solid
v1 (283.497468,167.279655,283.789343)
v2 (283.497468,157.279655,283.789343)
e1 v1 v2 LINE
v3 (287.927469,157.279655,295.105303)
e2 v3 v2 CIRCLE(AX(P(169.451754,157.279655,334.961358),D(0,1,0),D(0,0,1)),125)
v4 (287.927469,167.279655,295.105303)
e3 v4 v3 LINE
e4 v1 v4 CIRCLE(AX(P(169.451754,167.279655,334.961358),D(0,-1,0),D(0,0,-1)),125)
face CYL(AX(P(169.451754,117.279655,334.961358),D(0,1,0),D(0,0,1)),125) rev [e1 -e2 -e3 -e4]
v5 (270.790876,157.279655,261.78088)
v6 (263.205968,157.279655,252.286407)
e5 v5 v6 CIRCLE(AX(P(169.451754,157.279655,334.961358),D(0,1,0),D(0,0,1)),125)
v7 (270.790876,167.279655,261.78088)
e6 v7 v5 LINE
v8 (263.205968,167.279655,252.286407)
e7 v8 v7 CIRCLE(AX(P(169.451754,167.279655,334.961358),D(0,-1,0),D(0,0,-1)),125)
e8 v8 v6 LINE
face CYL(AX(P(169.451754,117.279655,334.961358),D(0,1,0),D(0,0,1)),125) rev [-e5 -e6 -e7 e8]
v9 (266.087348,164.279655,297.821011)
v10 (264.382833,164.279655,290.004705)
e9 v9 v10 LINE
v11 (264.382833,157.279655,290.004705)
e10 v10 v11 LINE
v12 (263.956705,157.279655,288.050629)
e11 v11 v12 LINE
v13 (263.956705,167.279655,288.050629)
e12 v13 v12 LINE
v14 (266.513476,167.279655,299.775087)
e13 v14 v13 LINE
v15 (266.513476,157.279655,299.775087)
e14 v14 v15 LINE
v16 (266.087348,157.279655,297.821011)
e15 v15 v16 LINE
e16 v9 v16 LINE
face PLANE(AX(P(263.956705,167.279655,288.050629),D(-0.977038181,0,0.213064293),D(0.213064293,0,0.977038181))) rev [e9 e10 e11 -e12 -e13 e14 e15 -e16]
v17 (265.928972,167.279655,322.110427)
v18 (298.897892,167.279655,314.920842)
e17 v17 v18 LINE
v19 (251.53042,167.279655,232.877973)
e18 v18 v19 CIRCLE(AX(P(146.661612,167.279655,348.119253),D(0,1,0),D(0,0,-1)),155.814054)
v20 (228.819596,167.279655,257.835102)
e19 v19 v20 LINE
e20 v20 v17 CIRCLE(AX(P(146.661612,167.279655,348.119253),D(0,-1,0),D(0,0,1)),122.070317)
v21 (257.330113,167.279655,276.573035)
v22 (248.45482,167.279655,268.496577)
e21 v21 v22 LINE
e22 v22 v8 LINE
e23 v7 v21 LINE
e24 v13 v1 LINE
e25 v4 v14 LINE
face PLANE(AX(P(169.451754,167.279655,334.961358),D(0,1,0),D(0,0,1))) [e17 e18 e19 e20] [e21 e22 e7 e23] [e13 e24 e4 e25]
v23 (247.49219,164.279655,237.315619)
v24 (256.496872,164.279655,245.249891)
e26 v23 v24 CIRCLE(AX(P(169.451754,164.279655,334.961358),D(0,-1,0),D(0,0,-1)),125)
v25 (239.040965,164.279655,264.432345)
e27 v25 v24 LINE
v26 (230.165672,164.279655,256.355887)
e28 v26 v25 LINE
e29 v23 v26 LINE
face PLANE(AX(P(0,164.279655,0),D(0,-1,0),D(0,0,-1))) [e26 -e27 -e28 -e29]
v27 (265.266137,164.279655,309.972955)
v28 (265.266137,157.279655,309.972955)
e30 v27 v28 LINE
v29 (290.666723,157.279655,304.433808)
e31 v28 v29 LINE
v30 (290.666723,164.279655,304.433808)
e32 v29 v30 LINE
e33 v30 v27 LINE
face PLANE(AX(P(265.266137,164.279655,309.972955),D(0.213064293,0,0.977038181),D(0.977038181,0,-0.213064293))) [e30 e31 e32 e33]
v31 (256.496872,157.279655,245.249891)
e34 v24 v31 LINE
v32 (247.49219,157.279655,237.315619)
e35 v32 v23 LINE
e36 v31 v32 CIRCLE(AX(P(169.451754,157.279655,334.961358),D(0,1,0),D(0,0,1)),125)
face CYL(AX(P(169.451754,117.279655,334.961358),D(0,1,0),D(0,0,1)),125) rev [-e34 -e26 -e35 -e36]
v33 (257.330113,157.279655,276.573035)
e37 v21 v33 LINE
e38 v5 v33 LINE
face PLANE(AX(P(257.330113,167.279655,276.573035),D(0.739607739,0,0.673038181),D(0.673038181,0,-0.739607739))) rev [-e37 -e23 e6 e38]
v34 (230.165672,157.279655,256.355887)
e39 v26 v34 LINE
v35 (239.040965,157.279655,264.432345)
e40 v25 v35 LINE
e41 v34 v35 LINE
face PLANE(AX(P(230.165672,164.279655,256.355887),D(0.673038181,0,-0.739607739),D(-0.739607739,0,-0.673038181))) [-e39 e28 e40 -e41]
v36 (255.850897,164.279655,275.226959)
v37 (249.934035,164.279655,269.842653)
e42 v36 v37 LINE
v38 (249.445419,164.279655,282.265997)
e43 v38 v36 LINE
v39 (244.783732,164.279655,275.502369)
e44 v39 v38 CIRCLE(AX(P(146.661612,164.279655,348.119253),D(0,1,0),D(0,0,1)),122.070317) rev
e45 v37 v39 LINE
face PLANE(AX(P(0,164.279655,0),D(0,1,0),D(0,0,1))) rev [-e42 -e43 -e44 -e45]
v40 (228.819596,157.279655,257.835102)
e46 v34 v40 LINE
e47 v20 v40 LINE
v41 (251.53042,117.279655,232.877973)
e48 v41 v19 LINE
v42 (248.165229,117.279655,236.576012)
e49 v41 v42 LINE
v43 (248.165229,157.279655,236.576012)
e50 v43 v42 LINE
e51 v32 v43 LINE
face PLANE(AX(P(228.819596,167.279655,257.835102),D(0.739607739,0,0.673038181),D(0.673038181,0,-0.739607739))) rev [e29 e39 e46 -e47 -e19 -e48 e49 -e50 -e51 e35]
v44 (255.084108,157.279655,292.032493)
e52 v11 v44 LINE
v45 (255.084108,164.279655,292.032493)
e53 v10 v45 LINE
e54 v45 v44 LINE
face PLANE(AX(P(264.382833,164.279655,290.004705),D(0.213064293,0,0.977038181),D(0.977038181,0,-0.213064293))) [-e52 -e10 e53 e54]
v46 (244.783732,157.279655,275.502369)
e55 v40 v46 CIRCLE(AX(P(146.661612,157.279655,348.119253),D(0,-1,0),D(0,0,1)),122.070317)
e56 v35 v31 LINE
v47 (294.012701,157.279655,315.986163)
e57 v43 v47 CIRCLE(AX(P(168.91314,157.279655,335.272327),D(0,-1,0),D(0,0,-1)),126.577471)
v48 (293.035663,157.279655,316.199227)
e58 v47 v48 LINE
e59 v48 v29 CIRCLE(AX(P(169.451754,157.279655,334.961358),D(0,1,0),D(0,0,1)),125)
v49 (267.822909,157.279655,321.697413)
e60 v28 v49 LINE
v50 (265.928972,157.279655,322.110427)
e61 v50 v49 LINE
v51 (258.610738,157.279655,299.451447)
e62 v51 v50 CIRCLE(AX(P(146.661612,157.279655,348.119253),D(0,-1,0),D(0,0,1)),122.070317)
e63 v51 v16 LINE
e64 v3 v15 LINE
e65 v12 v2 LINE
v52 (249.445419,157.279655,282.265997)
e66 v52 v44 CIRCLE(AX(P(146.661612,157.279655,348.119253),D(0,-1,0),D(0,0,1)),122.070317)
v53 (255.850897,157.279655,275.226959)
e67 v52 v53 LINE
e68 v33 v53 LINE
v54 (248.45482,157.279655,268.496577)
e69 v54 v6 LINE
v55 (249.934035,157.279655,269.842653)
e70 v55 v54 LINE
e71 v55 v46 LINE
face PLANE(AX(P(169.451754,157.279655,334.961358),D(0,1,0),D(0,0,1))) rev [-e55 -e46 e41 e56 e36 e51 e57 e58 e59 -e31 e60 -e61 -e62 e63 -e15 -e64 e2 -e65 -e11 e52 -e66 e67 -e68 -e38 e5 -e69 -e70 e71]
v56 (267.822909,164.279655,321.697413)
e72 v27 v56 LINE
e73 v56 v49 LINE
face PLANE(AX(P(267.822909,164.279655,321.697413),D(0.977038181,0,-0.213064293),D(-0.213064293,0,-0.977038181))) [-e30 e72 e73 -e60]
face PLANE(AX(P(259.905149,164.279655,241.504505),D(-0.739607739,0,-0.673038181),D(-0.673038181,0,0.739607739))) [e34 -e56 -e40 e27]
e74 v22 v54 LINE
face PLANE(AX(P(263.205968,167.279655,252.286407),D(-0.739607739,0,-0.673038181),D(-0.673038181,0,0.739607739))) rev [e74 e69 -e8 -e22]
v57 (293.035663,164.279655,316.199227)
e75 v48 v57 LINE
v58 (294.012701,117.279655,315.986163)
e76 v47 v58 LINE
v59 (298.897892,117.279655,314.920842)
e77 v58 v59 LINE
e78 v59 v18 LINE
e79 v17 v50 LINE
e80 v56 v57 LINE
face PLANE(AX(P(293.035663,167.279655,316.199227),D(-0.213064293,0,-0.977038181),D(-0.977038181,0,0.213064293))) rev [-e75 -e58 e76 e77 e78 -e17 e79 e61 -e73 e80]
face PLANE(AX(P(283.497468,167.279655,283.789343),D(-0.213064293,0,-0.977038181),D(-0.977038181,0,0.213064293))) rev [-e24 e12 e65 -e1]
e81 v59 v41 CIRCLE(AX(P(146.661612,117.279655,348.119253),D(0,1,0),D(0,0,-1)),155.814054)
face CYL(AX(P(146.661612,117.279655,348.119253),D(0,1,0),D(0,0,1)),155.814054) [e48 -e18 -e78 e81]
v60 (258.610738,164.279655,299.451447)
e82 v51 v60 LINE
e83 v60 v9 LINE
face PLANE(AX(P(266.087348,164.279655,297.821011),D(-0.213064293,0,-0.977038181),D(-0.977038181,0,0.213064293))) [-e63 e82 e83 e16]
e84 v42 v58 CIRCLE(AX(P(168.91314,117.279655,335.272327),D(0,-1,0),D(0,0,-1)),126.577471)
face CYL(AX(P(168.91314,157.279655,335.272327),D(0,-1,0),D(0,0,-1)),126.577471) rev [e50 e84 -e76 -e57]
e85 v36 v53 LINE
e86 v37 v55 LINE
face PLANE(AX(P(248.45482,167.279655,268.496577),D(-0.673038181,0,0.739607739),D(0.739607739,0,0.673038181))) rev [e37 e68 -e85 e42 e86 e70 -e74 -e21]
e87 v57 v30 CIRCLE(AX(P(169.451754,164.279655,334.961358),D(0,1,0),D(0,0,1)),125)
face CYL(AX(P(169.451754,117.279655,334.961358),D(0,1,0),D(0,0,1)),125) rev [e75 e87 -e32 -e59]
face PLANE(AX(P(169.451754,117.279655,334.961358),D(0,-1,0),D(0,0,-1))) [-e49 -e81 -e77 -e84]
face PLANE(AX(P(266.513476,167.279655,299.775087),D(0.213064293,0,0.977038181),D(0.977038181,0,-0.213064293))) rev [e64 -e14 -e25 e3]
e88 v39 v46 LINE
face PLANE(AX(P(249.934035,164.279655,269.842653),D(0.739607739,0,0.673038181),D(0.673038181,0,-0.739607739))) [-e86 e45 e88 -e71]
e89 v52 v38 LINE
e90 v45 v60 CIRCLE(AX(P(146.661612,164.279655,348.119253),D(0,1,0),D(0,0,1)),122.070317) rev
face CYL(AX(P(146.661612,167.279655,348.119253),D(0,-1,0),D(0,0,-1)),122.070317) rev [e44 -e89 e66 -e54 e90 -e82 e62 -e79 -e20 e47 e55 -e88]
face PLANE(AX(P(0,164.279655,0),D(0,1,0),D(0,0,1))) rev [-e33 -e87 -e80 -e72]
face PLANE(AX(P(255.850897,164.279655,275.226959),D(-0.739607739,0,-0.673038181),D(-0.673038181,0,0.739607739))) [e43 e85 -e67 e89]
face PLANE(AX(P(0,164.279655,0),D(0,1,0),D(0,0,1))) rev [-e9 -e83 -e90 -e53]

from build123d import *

# Parameters (mm, degrees)
BOSS_EXTRUDE1_DEPTH = 10
CUT_EXTRUDE1_DEPTH  = 7
BOSS_EXTRUDE2_START = -50
BOSS_EXTRUDE2_DEPTH = 50
CUT_EXTRUDE2_DEPTH  = 40
CUT_EXTRUDE3_DEPTH  = 7


with BuildPart() as part:
    # Sketch1 → Boss-Extrude1 (new body)
    with BuildSketch(Plane(origin=(0, 157.279655443, 0), x_dir=(1, 0, 0), z_dir=(0, 1, 0))):
        with BuildLine():
            Line((293.03566289, -316.199227389), (265.928972249, -322.110427169))
            ThreePointArc((265.928972249, -322.110427169), (252.377607393, -287.084094578), (228.819595995, -257.835102061))
            Line((228.819595995, -257.835102061), (247.492190492, -237.315619243))
            ThreePointArc((247.492190492, -237.315619243), (255.674613952, -244.45932236), (263.205967645, -252.286407351))
            Line((263.205967645, -252.286407351), (248.454819921, -268.496576877))
            Line((248.454819921, -268.496576877), (257.330112784, -276.573035048))
            Line((257.330112784, -276.573035048), (270.790876402, -261.780880276))
            ThreePointArc((270.790876402, -261.780880276), (277.704929826, -272.461358153), (283.49746828, -283.789342999))
            Line((283.49746828, -283.789342999), (263.956704662, -288.050628861))
            Line((263.956704662, -288.050628861), (266.513476179, -299.775087033))
            Line((266.513476179, -299.775087033), (287.92746865, -295.105303131))
            ThreePointArc((287.92746865, -295.105303131), (290.940246243, -305.54118925), (293.03566289, -316.199227389))
        make_face()
    extrude(amount=BOSS_EXTRUDE1_DEPTH)

    # Sketch2 → Cut-Extrude1 (cut)
    with BuildSketch(Plane(origin=(0, 157.279655443, 0), x_dir=(1, 0, 0), z_dir=(0, 1, 0))):
        Polygon((267.822908947, -321.697413337), (265.266137429, -309.972955165), (295.554321038, -303.367962079), (297.930502387, -315.13180184), align=None)
        Polygon((251.029855966, -233.428046687), (230.165672357, -256.355886583), (239.04096522, -264.432344755), (259.905148829, -241.504504858), align=None)
    extrude(amount=CUT_EXTRUDE1_DEPTH, mode=Mode.SUBTRACT)

    # Sketch3 → Boss-Extrude2 (add)
    with BuildSketch(Plane(origin=(0, 167.279655443, 0), x_dir=(1, 0, 0), z_dir=(0, 1, 0)).offset(BOSS_EXTRUDE2_START)):
        with BuildLine():
            Line((293.03566289, -316.199227389), (298.897891976, -314.920841631))
            ThreePointArc((298.897891976, -314.920841631), (281.600541129, -270.212225919), (251.530419577, -232.877972811))
            Line((251.530419577, -232.877972811), (247.492190492, -237.315619243))
            ThreePointArc((247.492190492, -237.315619243), (277.704929826, -272.461358153), (293.03566289, -316.199227389))
        make_face()
    extrude(amount=BOSS_EXTRUDE2_DEPTH)

    # Sketch4 → Cut-Extrude2 (cut)
    with BuildSketch(Plane.XZ.offset(-117.279655443)):
        with BuildLine():
            Line((293.03566289, 316.199227389), (294.012701071, 315.986163096))
            ThreePointArc((294.012701071, 315.986163096), (278.53244595, 271.983591496), (248.165228673, 236.576011504))
            Line((248.165228673, 236.576011504), (247.492190492, 237.315619243))
            ThreePointArc((247.492190492, 237.315619243), (277.704929826, 272.461358153), (293.03566289, 316.199227389))
        make_face()
    extrude(amount=-CUT_EXTRUDE2_DEPTH, mode=Mode.SUBTRACT)

    # Sketch5 → Cut-Extrude3 (cut)
    with BuildSketch(Plane(origin=(0, 157.279655443, 0), x_dir=(1, 0, 0), z_dir=(0, 1, 0))):
        Polygon((249.934035398, -269.842653239), (255.850897307, -275.226958686), (249.120515497, -282.623036072), (243.203653588, -277.238730625), align=None)
        Polygon((264.382833248, -290.004705223), (266.087347593, -297.821010671), (256.316965783, -299.951653602), (254.612451439, -292.135348154), align=None)
    extrude(amount=CUT_EXTRUDE3_DEPTH, mode=Mode.SUBTRACT)


solid = part.part
